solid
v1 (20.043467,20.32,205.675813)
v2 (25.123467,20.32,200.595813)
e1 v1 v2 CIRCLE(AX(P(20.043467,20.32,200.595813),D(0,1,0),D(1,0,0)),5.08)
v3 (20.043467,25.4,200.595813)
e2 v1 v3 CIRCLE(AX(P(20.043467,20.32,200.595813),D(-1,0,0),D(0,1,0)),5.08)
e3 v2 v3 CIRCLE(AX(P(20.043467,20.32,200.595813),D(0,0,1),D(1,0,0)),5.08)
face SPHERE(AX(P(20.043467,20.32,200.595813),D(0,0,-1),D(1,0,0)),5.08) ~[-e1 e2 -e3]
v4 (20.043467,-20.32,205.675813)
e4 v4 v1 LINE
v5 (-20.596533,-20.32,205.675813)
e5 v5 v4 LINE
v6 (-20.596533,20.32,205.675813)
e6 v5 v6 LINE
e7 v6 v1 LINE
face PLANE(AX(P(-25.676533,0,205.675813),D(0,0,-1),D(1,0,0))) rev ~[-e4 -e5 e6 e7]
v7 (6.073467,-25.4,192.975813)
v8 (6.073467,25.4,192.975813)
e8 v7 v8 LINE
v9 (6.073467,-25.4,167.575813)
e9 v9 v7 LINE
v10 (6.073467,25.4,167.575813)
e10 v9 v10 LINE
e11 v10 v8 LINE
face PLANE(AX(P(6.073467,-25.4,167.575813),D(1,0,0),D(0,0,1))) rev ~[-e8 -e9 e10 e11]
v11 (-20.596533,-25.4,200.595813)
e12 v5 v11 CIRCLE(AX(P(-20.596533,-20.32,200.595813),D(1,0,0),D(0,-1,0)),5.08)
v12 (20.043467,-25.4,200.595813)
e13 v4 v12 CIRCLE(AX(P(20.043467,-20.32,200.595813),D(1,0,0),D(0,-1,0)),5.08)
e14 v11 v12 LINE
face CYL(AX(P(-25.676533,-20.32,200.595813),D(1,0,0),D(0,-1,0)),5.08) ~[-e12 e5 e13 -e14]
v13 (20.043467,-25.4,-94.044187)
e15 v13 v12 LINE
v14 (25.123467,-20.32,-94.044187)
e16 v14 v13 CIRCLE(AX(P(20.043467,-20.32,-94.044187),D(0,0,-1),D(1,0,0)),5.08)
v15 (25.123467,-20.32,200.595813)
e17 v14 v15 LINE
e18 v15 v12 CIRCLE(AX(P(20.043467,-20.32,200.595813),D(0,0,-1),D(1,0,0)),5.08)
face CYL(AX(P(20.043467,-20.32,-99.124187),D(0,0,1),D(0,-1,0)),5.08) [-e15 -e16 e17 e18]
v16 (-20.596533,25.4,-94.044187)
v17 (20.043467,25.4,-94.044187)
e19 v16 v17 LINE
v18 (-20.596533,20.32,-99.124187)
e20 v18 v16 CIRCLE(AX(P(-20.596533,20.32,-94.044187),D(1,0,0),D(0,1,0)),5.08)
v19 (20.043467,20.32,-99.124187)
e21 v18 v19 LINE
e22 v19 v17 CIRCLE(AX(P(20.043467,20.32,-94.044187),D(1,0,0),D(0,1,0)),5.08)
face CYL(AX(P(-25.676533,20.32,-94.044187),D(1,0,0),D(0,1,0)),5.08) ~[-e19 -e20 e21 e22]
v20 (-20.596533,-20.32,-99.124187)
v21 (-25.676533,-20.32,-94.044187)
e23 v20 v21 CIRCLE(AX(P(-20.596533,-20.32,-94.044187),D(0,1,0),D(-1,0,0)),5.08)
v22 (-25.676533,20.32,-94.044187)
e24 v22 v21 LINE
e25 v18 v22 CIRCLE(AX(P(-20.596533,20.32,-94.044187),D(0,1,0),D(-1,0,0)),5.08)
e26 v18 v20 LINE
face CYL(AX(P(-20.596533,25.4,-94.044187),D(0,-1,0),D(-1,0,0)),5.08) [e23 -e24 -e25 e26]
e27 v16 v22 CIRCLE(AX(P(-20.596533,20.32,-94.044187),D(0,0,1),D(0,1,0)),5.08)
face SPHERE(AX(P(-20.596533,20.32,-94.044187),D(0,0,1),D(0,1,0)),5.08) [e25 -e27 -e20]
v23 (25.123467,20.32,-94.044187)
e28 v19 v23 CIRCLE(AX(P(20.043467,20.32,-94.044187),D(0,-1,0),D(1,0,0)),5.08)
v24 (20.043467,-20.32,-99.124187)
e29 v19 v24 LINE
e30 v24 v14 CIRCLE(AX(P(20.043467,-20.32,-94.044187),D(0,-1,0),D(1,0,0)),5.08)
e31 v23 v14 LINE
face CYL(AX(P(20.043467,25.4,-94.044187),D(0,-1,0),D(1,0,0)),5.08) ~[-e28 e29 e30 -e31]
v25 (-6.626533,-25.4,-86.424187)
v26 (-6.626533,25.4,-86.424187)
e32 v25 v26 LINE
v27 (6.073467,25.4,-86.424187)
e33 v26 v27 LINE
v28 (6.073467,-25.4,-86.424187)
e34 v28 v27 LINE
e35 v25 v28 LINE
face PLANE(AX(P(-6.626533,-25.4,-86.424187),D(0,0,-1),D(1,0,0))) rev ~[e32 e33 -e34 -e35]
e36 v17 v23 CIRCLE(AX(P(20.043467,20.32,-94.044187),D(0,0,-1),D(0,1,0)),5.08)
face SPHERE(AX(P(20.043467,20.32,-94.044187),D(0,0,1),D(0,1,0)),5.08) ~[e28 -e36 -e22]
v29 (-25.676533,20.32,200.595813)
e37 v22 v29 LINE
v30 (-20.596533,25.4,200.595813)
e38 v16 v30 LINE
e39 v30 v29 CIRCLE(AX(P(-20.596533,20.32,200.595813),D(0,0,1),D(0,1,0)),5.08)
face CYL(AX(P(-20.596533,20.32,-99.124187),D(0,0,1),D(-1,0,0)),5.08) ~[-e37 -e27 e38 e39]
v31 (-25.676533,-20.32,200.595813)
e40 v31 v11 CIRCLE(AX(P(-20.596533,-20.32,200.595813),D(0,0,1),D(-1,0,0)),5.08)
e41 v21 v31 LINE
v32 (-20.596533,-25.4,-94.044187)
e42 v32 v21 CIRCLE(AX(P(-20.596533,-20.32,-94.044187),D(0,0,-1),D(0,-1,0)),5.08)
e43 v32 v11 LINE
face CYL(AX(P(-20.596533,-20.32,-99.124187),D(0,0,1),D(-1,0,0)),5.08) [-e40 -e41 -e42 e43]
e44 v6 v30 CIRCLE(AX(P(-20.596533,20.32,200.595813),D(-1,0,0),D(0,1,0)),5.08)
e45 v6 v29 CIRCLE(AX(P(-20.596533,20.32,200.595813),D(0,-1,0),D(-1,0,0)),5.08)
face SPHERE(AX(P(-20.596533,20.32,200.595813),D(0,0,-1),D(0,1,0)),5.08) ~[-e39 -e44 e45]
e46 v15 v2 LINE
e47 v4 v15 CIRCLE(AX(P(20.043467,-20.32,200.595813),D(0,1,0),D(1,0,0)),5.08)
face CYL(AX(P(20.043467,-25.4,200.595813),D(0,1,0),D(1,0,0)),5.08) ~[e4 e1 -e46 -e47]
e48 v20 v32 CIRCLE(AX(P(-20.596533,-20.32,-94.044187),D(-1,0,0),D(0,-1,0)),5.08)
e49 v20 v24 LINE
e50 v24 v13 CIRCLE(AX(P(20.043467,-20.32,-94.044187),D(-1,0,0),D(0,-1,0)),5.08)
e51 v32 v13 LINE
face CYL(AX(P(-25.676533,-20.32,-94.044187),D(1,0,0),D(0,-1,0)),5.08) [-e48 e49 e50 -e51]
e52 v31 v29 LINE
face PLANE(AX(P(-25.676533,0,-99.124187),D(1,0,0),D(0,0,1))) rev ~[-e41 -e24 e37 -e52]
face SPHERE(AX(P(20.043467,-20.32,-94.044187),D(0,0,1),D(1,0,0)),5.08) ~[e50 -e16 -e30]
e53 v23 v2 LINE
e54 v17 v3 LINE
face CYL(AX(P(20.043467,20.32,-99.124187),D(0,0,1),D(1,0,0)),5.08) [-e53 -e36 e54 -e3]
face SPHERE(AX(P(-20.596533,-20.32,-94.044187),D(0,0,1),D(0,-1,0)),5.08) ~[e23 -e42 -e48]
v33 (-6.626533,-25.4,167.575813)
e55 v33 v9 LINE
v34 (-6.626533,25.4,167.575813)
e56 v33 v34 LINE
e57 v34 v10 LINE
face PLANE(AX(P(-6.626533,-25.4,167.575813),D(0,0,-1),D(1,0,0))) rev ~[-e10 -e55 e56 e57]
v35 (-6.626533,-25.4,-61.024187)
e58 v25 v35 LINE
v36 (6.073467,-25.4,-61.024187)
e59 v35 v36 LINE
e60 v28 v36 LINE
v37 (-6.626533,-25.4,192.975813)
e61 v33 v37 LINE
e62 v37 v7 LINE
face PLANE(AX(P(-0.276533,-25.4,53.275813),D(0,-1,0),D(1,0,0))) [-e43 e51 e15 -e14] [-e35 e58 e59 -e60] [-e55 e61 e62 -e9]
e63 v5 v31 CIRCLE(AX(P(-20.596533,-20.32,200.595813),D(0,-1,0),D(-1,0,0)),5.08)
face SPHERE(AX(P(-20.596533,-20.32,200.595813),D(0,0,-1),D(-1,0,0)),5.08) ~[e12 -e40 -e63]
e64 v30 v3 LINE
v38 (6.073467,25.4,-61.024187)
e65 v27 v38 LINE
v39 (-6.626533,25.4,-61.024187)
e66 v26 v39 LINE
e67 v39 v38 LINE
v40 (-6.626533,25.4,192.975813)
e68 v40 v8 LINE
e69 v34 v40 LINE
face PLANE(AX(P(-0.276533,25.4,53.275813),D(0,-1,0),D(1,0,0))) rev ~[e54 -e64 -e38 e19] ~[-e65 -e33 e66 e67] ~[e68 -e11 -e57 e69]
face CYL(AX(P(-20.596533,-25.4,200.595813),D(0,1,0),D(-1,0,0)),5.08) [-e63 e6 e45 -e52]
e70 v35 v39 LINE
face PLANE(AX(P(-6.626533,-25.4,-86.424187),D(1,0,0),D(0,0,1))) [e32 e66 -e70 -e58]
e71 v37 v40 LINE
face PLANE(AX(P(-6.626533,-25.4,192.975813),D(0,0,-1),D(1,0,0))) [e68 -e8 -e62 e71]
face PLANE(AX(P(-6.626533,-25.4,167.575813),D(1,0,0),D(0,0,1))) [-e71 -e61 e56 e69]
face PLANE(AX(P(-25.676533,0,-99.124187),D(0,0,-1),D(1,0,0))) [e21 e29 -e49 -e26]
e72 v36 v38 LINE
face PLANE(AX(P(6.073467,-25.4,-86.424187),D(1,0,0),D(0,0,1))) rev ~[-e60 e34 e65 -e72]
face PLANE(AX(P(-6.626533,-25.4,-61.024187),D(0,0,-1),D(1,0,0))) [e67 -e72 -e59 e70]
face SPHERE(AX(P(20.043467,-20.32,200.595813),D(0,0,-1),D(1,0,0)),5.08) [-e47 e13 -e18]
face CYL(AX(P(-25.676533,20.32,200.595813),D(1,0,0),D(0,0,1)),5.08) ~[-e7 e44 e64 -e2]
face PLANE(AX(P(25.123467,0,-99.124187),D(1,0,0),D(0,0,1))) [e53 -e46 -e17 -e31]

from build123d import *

# Parameters (mm, degrees)
F0_W     = 50.8
F0_H     = 304.8
F1_DEPTH = 25.4
F2_R     = 5.08
F3_W     = 12.7
F3_H     = 25.4
F4_DEPTH = 50.801
F5_W     = 12.7
F5_H     = 25.4
F6_DEPTH = 50.801


with BuildPart() as f1:
    # F0 (on Front) → F1 (new body, symmetric)
    with BuildSketch(Plane.XZ):
        with Locations((-0.276533, 53.275813)):
            Rectangle(F0_W, F0_H)
    extrude(amount=F1_DEPTH, both=True)

    # F2
    f2_edges = [f1.edges().sort_by_distance(p)[0] for p in [
        (25.123467, -25.4, 53.275813),
        (25.123467, 25.4, 53.275813),
        (-25.676533, 25.4, 53.275813),
        (-25.676533, -25.4, 53.275813),
        (25.123467, 0, 205.675813),
        (-0.276533, 25.4, 205.675813),
        (-25.676533, 0, 205.675813),
        (-0.276533, -25.4, 205.675813),
        (-0.276533, 25.4, -99.124187),
        (25.123467, 0, -99.124187),
        (-0.276533, -25.4, -99.124187),
        (-25.676533, 0, -99.124187),
    ]]
    fillet(f2_edges, radius=F2_R)

    # F3 (on face) → F4 (cut, through all)
    with BuildSketch(Plane.XZ.offset(25.4)):
        with Locations((-0.276533, 180.275813)):
            Rectangle(F3_W, F3_H)
    extrude(amount=-F4_DEPTH, mode=Mode.SUBTRACT)

    # F5 (on face) → F6 (cut, through all)
    with BuildSketch(Plane.XZ.offset(25.4)):
        with Locations((-0.276533, -73.724187)):
            Rectangle(F5_W, F5_H)
    extrude(amount=-F6_DEPTH, mode=Mode.SUBTRACT)


solid = f1.part
